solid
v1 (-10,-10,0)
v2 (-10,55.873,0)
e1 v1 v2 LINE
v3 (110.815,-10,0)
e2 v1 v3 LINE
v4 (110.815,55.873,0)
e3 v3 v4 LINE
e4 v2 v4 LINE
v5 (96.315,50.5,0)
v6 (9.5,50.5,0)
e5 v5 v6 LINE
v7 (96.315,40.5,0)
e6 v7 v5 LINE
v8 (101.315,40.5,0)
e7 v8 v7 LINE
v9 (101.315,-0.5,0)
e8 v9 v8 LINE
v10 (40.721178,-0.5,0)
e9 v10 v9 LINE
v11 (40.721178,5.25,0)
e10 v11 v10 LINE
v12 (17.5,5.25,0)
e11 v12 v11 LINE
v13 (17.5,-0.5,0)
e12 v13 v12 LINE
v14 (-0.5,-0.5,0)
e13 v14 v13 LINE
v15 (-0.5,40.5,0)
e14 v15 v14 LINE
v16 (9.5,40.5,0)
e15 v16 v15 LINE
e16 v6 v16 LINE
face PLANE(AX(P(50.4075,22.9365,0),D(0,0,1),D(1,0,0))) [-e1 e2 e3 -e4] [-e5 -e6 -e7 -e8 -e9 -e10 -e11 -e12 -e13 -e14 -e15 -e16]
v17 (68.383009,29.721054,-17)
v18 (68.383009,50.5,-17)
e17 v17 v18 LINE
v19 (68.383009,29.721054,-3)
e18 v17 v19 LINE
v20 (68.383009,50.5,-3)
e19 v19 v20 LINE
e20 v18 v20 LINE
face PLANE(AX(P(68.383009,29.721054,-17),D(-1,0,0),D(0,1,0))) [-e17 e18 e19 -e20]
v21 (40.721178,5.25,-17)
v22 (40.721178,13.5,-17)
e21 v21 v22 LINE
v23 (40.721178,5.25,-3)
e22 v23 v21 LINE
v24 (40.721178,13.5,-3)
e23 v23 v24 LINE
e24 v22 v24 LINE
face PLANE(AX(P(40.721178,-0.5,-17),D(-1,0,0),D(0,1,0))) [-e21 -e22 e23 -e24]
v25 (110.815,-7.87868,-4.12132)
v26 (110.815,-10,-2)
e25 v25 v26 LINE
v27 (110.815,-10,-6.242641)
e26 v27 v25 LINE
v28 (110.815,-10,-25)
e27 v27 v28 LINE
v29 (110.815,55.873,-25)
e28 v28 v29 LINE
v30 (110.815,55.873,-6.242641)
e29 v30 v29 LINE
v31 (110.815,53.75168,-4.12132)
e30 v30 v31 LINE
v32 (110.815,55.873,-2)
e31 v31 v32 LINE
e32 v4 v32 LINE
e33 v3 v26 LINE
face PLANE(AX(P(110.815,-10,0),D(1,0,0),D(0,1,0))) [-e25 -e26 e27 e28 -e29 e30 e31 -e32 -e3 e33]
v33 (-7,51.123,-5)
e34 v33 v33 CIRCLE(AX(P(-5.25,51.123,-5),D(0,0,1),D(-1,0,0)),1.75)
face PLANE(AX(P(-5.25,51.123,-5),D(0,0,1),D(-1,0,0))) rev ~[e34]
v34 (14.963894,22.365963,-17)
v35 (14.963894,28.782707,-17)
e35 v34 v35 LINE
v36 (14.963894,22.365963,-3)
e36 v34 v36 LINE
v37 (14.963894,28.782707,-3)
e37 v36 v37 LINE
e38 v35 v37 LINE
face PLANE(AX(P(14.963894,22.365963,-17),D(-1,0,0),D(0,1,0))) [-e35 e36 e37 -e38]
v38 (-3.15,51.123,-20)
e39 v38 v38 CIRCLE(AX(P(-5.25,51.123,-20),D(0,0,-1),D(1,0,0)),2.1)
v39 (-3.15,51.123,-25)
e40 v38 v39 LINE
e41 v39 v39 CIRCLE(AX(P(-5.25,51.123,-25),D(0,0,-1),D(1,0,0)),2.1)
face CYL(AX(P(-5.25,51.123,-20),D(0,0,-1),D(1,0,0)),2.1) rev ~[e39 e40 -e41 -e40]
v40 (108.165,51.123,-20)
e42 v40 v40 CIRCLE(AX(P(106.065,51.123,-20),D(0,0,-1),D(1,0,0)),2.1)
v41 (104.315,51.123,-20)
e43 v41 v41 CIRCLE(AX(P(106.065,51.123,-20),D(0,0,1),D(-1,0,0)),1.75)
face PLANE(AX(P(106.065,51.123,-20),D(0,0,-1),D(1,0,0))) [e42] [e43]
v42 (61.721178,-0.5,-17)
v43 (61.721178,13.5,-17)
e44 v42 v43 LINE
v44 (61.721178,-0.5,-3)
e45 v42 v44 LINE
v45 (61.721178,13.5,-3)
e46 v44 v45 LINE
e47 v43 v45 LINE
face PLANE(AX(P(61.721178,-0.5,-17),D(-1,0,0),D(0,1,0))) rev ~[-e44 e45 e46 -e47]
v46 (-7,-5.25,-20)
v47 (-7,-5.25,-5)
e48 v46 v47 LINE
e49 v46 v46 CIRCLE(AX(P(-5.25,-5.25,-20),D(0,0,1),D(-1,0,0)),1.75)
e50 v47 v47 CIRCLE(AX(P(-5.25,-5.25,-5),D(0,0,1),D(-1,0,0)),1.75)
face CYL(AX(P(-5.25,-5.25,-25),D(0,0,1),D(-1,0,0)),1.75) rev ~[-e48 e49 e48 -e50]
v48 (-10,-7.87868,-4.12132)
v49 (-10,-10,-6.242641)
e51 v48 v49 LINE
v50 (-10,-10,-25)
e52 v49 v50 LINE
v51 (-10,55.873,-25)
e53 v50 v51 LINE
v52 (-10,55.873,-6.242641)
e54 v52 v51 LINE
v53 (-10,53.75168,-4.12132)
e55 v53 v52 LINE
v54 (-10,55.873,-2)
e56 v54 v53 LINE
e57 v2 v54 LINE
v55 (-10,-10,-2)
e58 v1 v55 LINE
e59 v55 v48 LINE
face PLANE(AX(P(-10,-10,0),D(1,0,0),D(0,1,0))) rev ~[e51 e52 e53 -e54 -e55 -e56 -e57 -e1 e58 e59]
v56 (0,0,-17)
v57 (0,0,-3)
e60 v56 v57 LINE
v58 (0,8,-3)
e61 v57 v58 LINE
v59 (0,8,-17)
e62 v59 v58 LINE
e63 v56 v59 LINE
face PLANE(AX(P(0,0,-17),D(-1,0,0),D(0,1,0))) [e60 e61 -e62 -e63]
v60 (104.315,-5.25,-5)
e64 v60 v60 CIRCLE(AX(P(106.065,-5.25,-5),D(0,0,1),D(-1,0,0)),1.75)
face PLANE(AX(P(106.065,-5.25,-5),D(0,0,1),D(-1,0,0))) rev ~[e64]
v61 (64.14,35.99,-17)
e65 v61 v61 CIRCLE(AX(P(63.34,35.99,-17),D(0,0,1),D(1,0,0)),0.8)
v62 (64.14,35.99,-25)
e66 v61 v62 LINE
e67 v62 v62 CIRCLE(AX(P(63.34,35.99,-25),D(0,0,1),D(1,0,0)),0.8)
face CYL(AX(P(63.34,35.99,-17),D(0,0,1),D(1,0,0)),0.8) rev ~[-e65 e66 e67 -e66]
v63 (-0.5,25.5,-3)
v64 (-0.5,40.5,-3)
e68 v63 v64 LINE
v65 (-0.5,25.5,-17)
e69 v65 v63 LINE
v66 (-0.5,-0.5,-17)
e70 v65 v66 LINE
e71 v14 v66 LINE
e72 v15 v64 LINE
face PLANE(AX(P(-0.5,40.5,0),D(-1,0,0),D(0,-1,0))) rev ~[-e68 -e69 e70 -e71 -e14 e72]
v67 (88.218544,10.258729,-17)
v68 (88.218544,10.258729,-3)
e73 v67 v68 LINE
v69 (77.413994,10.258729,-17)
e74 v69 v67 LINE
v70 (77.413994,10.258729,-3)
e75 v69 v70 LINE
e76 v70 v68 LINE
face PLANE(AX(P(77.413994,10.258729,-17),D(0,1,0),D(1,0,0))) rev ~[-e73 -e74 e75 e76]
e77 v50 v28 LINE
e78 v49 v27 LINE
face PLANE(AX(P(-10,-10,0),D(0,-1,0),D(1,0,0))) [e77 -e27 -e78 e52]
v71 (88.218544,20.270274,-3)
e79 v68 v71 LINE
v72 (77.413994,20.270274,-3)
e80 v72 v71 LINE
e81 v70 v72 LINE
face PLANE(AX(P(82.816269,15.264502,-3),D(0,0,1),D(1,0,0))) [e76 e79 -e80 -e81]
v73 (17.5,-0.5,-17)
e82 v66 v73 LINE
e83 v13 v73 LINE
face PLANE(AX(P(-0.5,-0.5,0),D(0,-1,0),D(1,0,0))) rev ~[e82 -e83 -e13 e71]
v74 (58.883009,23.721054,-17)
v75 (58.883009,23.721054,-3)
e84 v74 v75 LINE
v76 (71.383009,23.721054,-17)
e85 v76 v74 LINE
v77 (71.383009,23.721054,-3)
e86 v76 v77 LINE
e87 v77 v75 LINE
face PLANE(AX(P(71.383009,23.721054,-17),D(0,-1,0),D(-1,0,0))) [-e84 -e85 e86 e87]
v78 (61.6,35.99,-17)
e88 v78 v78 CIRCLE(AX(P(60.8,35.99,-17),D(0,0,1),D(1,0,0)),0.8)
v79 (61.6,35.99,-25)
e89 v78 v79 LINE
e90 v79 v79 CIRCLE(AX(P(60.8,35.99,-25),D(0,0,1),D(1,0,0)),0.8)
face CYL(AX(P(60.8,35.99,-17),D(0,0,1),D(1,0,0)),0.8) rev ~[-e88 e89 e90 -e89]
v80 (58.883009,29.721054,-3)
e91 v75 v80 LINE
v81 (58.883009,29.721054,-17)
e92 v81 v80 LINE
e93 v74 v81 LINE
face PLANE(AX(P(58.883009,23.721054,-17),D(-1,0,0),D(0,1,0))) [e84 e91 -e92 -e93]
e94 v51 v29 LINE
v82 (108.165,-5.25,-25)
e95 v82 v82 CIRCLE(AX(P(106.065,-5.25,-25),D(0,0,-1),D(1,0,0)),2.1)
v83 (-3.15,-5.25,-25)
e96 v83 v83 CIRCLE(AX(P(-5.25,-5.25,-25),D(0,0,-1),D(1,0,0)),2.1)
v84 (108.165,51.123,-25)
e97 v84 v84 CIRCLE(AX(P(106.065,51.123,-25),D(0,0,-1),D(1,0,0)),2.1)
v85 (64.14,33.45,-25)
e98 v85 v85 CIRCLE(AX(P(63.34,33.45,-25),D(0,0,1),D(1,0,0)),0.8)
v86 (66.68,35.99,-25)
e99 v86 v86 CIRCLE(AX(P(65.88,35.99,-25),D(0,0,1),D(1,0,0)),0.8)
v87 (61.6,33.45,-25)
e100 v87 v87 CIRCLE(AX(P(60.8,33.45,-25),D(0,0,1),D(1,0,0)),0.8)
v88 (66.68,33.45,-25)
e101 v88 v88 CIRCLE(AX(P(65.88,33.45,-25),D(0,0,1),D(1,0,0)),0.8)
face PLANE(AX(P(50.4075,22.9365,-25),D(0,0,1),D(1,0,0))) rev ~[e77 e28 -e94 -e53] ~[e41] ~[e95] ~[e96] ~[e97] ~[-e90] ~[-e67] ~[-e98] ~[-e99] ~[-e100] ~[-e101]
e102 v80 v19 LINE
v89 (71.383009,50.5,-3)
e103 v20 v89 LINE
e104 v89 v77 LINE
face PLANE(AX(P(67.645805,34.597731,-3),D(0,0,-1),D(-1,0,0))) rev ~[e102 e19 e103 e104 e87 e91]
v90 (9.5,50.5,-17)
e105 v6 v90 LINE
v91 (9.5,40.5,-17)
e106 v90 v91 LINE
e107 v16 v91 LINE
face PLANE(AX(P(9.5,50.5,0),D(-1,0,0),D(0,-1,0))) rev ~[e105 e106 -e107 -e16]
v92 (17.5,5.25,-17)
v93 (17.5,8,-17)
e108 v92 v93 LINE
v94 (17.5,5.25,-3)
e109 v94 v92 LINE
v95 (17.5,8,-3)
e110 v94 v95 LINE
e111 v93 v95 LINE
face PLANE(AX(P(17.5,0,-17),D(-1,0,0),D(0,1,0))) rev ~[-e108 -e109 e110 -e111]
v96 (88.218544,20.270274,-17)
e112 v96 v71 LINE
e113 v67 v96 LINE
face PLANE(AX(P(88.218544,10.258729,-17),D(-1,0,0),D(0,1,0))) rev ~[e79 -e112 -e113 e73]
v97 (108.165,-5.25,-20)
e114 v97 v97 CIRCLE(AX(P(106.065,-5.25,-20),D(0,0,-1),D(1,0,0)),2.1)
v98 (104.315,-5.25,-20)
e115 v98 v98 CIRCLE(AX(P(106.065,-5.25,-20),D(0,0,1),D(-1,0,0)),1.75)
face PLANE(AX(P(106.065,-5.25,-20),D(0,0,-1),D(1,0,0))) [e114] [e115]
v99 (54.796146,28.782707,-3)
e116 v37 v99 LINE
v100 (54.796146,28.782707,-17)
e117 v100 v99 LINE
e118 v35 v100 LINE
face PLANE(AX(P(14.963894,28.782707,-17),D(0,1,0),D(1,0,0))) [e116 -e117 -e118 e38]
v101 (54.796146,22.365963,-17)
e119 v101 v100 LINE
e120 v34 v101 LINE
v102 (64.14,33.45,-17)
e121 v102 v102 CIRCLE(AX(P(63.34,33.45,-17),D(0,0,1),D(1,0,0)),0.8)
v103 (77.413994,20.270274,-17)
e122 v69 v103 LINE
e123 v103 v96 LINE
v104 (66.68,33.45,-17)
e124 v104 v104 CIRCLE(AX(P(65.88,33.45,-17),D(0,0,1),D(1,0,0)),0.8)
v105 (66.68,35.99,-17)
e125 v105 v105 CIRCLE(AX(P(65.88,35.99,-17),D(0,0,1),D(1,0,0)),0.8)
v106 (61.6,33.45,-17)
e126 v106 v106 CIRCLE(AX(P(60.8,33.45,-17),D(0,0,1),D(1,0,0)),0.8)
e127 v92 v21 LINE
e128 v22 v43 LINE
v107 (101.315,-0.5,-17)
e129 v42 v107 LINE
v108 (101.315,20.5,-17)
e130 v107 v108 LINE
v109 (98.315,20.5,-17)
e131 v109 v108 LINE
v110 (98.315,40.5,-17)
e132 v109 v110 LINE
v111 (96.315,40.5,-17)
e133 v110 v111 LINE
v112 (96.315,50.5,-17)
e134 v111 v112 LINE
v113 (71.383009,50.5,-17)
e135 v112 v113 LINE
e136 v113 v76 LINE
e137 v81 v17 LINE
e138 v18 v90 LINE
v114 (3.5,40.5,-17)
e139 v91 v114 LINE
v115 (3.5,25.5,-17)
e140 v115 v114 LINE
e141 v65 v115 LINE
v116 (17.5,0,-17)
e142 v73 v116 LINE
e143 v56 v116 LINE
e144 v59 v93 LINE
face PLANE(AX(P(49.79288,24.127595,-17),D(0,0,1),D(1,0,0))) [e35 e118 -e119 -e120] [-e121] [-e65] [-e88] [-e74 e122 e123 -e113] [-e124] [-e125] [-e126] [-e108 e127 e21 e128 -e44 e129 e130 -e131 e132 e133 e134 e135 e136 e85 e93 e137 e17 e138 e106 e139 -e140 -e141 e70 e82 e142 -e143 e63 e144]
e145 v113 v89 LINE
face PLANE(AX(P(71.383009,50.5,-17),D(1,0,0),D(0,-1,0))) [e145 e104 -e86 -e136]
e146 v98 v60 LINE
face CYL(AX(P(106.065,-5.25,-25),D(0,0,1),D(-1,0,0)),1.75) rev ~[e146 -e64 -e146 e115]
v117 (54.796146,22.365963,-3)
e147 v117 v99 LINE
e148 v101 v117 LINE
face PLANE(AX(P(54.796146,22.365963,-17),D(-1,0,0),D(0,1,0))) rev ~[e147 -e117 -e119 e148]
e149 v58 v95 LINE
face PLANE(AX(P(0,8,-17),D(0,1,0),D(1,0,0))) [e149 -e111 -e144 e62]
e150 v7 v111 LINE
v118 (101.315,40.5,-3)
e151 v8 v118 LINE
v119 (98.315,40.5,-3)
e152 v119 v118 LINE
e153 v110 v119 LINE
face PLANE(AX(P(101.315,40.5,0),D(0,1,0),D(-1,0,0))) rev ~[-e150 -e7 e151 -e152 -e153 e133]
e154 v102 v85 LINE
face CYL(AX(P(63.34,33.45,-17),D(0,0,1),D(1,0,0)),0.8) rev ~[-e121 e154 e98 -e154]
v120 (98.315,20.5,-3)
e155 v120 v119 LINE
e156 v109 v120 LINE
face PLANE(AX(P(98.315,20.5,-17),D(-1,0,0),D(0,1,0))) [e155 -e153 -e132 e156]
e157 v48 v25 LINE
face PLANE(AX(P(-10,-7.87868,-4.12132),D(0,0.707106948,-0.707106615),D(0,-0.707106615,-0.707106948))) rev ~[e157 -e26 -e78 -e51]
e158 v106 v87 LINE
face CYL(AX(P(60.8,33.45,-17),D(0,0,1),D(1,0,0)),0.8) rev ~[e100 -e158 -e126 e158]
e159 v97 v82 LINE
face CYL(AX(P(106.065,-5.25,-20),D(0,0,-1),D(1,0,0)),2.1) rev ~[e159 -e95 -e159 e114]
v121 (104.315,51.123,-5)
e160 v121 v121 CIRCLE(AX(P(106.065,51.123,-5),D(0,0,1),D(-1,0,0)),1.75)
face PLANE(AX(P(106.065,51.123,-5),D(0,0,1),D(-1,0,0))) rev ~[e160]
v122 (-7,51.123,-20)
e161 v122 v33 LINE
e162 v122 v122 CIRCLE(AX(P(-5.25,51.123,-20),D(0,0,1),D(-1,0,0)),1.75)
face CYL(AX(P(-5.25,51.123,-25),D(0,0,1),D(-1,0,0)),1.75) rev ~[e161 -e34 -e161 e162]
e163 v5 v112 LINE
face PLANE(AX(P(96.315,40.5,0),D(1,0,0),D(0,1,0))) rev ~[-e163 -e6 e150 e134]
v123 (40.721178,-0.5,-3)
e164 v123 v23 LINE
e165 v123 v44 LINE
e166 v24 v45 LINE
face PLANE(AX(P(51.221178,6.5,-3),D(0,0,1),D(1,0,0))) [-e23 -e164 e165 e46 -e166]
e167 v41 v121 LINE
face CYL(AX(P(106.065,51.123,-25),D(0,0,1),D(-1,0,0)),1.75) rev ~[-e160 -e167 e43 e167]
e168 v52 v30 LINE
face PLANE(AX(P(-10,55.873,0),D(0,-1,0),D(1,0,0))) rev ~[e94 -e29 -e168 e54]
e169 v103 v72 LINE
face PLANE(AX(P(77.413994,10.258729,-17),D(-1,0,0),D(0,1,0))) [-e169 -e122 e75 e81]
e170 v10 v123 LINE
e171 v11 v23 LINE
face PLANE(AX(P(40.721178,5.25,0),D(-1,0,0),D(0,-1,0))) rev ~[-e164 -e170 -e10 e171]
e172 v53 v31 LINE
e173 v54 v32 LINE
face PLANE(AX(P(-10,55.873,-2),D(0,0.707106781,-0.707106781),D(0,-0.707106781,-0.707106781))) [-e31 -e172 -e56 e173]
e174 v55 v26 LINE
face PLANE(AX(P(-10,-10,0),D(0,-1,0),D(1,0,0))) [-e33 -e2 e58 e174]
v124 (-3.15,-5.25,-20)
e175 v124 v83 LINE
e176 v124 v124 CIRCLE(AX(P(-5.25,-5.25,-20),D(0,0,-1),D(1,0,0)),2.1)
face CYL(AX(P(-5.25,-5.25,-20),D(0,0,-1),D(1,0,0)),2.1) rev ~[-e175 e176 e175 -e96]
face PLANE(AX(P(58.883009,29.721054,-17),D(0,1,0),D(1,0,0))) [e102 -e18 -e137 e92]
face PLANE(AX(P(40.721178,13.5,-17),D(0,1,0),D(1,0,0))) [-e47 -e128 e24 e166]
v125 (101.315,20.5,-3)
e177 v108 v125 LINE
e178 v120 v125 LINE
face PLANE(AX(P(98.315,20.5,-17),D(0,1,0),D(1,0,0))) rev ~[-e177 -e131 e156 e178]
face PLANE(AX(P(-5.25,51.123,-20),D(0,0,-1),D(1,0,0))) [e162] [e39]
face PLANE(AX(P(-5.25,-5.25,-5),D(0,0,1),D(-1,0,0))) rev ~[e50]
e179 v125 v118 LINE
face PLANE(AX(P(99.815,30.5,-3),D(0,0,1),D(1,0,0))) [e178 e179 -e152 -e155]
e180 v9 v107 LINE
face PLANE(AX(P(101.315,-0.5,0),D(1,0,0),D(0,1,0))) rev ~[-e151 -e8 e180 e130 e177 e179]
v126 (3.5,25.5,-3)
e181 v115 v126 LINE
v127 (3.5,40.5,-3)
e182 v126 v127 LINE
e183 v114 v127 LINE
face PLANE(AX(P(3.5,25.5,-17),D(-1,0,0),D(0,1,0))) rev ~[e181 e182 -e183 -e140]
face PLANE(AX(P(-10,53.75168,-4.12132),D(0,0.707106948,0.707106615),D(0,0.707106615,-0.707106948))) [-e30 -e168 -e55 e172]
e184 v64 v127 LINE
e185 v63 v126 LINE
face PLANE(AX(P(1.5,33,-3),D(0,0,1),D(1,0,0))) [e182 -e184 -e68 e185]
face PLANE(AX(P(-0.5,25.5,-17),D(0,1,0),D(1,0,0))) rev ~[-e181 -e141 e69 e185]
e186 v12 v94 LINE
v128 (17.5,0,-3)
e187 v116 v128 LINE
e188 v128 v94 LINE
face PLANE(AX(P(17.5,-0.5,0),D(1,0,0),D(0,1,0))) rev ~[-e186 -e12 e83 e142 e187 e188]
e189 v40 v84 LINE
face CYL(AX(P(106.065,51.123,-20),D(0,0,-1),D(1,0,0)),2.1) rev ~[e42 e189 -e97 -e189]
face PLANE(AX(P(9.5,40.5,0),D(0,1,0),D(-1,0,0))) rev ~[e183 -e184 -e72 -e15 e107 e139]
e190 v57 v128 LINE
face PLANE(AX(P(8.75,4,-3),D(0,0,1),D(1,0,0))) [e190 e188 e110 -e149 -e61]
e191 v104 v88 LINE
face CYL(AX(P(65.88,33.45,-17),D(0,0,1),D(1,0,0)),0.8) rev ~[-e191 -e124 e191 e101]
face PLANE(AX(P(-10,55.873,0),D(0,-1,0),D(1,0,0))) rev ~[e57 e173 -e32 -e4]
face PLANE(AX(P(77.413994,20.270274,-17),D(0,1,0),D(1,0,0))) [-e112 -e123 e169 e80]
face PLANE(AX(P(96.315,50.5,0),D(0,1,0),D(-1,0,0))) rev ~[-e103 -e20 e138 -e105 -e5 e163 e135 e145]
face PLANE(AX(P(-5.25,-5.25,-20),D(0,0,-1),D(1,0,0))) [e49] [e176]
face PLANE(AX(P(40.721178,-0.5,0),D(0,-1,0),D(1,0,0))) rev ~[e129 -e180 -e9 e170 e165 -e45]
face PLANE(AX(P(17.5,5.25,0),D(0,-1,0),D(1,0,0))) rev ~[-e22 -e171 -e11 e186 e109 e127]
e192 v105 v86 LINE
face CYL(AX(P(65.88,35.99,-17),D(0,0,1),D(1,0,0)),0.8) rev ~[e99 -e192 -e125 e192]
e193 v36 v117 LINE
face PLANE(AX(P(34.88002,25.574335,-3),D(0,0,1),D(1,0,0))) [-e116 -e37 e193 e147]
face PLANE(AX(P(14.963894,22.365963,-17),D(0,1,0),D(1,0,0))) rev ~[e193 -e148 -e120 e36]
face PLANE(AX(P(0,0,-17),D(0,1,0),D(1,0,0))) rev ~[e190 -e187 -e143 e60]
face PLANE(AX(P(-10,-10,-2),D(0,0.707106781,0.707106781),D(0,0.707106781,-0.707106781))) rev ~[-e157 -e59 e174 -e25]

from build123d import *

# Parameters (mm, degrees)
SKETCH_W            = 120.815
SKETCH_H            = 65.873
PAD_DEPTH           = 25
POCKET_DEPTH        = 17
SKETCH002_R         = 0.8
HOLE_DEPTH          = 8.001
SKETCH003_W         = 10.80455
SKETCH003_H         = 10.011545
SKETCH003_W_2       = 3
SKETCH003_H_2       = 20
SKETCH003_W_3       = 21
SKETCH003_H_3       = 14
SKETCH003_W_4       = 17.5
SKETCH003_H_4       = 8
SKETCH003_W_5       = 4
SKETCH003_H_5       = 15
SKETCH003_W_6       = 39.832252
SKETCH003_H_6       = 6.416744
PAD001_DEPTH        = 14
HOLE001_D           = 3.5
HOLE001_DEPTH       = 20
HOLE001_CBORE_D     = 4.2
HOLE001_CBORE_DEPTH = 5
POCKET001_DEPTH     = 120.816


with BuildPart() as part:
    # Sketch → Pad (new body)
    with BuildSketch(Plane.XY):
        with Locations((50.4075, 22.9365)):
            Rectangle(SKETCH_W, SKETCH_H)
    extrude(amount=-PAD_DEPTH)

    # Sketch001 (on Face5 of Pad) → Pocket (cut)
    with BuildSketch(Plane.XY):
        Polygon((-0.5, 40.5), (-0.5, -0.5), (17.5, -0.5), (17.5, 5.25), (40.721178, 5.25), (40.721178, -0.5), (101.315, -0.5), (101.315, 40.5), (96.315, 40.5), (96.315, 50.5), (9.5, 50.5), (9.5, 40.5), align=None)
    extrude(amount=-POCKET_DEPTH, mode=Mode.SUBTRACT)

    # Sketch002 (on Face19 of Pocket) → Hole (cut, through all)
    with BuildSketch(Plane.XY.offset(-17)):
        with Locations((60.8, 35.99)):
            Circle(SKETCH002_R)
        with Locations((63.34, 35.99)):
            Circle(SKETCH002_R)
        with Locations((65.88, 35.99)):
            Circle(SKETCH002_R)
        with Locations((65.88, 33.45)):
            Circle(SKETCH002_R)
        with Locations((63.34, 33.45)):
            Circle(SKETCH002_R)
        with Locations((60.8, 33.45)):
            Circle(SKETCH002_R)
    extrude(amount=-HOLE_DEPTH, mode=Mode.SUBTRACT)

    # Sketch003 (on Face25 of Hole) → Pad001 (join)
    with BuildSketch(Plane.XY.offset(-17)):
        with Locations((82.816269, 15.264502)):
            Rectangle(SKETCH003_W, SKETCH003_H)
        with Locations((99.815, 30.5)):
            Rectangle(SKETCH003_W_2, SKETCH003_H_2)
        with Locations((51.221178, 6.5)):
            Rectangle(SKETCH003_W_3, SKETCH003_H_3)
        with Locations((8.75, 4)):
            Rectangle(SKETCH003_W_4, SKETCH003_H_4)
        with Locations((1.5, 33)):
            Rectangle(SKETCH003_W_5, SKETCH003_H_5)
        Polygon((58.883009, 23.721054), (58.883009, 29.721054), (68.383009, 29.721054), (68.383009, 50.5), (71.383009, 50.5), (71.383009, 23.721054), align=None)
        with Locations((34.88002, 25.574335)):
            Rectangle(SKETCH003_W_6, SKETCH003_H_6)
    extrude(amount=PAD001_DEPTH)

    # Hole001
    with Locations(Plane(origin=(0, 0, -25), x_dir=(1, 0, 0), z_dir=(0, 0, -1))):
        with Locations((-5.25, 5.25), (106.065, 5.25), (-5.25, -51.123), (106.065, -51.123)):
            CounterBoreHole(HOLE001_D / 2, HOLE001_CBORE_D / 2, HOLE001_CBORE_DEPTH, depth=HOLE001_DEPTH)

    # Sketch005 (on Face2 of Hole001) → Pocket001 (cut, through all)
    with BuildSketch(Plane(origin=(-10, 0, 0), x_dir=(0, -1, 0), z_dir=(-1, 0, 0))):
        Polygon((-55.873, -2), (-53.75168, -4.12132), (-55.873, -6.242641), align=None)
        Polygon((10, -2), (7.87868, -4.12132), (10, -6.242641), align=None)
    extrude(amount=-POCKET001_DEPTH, mode=Mode.SUBTRACT)


solid = part.part
